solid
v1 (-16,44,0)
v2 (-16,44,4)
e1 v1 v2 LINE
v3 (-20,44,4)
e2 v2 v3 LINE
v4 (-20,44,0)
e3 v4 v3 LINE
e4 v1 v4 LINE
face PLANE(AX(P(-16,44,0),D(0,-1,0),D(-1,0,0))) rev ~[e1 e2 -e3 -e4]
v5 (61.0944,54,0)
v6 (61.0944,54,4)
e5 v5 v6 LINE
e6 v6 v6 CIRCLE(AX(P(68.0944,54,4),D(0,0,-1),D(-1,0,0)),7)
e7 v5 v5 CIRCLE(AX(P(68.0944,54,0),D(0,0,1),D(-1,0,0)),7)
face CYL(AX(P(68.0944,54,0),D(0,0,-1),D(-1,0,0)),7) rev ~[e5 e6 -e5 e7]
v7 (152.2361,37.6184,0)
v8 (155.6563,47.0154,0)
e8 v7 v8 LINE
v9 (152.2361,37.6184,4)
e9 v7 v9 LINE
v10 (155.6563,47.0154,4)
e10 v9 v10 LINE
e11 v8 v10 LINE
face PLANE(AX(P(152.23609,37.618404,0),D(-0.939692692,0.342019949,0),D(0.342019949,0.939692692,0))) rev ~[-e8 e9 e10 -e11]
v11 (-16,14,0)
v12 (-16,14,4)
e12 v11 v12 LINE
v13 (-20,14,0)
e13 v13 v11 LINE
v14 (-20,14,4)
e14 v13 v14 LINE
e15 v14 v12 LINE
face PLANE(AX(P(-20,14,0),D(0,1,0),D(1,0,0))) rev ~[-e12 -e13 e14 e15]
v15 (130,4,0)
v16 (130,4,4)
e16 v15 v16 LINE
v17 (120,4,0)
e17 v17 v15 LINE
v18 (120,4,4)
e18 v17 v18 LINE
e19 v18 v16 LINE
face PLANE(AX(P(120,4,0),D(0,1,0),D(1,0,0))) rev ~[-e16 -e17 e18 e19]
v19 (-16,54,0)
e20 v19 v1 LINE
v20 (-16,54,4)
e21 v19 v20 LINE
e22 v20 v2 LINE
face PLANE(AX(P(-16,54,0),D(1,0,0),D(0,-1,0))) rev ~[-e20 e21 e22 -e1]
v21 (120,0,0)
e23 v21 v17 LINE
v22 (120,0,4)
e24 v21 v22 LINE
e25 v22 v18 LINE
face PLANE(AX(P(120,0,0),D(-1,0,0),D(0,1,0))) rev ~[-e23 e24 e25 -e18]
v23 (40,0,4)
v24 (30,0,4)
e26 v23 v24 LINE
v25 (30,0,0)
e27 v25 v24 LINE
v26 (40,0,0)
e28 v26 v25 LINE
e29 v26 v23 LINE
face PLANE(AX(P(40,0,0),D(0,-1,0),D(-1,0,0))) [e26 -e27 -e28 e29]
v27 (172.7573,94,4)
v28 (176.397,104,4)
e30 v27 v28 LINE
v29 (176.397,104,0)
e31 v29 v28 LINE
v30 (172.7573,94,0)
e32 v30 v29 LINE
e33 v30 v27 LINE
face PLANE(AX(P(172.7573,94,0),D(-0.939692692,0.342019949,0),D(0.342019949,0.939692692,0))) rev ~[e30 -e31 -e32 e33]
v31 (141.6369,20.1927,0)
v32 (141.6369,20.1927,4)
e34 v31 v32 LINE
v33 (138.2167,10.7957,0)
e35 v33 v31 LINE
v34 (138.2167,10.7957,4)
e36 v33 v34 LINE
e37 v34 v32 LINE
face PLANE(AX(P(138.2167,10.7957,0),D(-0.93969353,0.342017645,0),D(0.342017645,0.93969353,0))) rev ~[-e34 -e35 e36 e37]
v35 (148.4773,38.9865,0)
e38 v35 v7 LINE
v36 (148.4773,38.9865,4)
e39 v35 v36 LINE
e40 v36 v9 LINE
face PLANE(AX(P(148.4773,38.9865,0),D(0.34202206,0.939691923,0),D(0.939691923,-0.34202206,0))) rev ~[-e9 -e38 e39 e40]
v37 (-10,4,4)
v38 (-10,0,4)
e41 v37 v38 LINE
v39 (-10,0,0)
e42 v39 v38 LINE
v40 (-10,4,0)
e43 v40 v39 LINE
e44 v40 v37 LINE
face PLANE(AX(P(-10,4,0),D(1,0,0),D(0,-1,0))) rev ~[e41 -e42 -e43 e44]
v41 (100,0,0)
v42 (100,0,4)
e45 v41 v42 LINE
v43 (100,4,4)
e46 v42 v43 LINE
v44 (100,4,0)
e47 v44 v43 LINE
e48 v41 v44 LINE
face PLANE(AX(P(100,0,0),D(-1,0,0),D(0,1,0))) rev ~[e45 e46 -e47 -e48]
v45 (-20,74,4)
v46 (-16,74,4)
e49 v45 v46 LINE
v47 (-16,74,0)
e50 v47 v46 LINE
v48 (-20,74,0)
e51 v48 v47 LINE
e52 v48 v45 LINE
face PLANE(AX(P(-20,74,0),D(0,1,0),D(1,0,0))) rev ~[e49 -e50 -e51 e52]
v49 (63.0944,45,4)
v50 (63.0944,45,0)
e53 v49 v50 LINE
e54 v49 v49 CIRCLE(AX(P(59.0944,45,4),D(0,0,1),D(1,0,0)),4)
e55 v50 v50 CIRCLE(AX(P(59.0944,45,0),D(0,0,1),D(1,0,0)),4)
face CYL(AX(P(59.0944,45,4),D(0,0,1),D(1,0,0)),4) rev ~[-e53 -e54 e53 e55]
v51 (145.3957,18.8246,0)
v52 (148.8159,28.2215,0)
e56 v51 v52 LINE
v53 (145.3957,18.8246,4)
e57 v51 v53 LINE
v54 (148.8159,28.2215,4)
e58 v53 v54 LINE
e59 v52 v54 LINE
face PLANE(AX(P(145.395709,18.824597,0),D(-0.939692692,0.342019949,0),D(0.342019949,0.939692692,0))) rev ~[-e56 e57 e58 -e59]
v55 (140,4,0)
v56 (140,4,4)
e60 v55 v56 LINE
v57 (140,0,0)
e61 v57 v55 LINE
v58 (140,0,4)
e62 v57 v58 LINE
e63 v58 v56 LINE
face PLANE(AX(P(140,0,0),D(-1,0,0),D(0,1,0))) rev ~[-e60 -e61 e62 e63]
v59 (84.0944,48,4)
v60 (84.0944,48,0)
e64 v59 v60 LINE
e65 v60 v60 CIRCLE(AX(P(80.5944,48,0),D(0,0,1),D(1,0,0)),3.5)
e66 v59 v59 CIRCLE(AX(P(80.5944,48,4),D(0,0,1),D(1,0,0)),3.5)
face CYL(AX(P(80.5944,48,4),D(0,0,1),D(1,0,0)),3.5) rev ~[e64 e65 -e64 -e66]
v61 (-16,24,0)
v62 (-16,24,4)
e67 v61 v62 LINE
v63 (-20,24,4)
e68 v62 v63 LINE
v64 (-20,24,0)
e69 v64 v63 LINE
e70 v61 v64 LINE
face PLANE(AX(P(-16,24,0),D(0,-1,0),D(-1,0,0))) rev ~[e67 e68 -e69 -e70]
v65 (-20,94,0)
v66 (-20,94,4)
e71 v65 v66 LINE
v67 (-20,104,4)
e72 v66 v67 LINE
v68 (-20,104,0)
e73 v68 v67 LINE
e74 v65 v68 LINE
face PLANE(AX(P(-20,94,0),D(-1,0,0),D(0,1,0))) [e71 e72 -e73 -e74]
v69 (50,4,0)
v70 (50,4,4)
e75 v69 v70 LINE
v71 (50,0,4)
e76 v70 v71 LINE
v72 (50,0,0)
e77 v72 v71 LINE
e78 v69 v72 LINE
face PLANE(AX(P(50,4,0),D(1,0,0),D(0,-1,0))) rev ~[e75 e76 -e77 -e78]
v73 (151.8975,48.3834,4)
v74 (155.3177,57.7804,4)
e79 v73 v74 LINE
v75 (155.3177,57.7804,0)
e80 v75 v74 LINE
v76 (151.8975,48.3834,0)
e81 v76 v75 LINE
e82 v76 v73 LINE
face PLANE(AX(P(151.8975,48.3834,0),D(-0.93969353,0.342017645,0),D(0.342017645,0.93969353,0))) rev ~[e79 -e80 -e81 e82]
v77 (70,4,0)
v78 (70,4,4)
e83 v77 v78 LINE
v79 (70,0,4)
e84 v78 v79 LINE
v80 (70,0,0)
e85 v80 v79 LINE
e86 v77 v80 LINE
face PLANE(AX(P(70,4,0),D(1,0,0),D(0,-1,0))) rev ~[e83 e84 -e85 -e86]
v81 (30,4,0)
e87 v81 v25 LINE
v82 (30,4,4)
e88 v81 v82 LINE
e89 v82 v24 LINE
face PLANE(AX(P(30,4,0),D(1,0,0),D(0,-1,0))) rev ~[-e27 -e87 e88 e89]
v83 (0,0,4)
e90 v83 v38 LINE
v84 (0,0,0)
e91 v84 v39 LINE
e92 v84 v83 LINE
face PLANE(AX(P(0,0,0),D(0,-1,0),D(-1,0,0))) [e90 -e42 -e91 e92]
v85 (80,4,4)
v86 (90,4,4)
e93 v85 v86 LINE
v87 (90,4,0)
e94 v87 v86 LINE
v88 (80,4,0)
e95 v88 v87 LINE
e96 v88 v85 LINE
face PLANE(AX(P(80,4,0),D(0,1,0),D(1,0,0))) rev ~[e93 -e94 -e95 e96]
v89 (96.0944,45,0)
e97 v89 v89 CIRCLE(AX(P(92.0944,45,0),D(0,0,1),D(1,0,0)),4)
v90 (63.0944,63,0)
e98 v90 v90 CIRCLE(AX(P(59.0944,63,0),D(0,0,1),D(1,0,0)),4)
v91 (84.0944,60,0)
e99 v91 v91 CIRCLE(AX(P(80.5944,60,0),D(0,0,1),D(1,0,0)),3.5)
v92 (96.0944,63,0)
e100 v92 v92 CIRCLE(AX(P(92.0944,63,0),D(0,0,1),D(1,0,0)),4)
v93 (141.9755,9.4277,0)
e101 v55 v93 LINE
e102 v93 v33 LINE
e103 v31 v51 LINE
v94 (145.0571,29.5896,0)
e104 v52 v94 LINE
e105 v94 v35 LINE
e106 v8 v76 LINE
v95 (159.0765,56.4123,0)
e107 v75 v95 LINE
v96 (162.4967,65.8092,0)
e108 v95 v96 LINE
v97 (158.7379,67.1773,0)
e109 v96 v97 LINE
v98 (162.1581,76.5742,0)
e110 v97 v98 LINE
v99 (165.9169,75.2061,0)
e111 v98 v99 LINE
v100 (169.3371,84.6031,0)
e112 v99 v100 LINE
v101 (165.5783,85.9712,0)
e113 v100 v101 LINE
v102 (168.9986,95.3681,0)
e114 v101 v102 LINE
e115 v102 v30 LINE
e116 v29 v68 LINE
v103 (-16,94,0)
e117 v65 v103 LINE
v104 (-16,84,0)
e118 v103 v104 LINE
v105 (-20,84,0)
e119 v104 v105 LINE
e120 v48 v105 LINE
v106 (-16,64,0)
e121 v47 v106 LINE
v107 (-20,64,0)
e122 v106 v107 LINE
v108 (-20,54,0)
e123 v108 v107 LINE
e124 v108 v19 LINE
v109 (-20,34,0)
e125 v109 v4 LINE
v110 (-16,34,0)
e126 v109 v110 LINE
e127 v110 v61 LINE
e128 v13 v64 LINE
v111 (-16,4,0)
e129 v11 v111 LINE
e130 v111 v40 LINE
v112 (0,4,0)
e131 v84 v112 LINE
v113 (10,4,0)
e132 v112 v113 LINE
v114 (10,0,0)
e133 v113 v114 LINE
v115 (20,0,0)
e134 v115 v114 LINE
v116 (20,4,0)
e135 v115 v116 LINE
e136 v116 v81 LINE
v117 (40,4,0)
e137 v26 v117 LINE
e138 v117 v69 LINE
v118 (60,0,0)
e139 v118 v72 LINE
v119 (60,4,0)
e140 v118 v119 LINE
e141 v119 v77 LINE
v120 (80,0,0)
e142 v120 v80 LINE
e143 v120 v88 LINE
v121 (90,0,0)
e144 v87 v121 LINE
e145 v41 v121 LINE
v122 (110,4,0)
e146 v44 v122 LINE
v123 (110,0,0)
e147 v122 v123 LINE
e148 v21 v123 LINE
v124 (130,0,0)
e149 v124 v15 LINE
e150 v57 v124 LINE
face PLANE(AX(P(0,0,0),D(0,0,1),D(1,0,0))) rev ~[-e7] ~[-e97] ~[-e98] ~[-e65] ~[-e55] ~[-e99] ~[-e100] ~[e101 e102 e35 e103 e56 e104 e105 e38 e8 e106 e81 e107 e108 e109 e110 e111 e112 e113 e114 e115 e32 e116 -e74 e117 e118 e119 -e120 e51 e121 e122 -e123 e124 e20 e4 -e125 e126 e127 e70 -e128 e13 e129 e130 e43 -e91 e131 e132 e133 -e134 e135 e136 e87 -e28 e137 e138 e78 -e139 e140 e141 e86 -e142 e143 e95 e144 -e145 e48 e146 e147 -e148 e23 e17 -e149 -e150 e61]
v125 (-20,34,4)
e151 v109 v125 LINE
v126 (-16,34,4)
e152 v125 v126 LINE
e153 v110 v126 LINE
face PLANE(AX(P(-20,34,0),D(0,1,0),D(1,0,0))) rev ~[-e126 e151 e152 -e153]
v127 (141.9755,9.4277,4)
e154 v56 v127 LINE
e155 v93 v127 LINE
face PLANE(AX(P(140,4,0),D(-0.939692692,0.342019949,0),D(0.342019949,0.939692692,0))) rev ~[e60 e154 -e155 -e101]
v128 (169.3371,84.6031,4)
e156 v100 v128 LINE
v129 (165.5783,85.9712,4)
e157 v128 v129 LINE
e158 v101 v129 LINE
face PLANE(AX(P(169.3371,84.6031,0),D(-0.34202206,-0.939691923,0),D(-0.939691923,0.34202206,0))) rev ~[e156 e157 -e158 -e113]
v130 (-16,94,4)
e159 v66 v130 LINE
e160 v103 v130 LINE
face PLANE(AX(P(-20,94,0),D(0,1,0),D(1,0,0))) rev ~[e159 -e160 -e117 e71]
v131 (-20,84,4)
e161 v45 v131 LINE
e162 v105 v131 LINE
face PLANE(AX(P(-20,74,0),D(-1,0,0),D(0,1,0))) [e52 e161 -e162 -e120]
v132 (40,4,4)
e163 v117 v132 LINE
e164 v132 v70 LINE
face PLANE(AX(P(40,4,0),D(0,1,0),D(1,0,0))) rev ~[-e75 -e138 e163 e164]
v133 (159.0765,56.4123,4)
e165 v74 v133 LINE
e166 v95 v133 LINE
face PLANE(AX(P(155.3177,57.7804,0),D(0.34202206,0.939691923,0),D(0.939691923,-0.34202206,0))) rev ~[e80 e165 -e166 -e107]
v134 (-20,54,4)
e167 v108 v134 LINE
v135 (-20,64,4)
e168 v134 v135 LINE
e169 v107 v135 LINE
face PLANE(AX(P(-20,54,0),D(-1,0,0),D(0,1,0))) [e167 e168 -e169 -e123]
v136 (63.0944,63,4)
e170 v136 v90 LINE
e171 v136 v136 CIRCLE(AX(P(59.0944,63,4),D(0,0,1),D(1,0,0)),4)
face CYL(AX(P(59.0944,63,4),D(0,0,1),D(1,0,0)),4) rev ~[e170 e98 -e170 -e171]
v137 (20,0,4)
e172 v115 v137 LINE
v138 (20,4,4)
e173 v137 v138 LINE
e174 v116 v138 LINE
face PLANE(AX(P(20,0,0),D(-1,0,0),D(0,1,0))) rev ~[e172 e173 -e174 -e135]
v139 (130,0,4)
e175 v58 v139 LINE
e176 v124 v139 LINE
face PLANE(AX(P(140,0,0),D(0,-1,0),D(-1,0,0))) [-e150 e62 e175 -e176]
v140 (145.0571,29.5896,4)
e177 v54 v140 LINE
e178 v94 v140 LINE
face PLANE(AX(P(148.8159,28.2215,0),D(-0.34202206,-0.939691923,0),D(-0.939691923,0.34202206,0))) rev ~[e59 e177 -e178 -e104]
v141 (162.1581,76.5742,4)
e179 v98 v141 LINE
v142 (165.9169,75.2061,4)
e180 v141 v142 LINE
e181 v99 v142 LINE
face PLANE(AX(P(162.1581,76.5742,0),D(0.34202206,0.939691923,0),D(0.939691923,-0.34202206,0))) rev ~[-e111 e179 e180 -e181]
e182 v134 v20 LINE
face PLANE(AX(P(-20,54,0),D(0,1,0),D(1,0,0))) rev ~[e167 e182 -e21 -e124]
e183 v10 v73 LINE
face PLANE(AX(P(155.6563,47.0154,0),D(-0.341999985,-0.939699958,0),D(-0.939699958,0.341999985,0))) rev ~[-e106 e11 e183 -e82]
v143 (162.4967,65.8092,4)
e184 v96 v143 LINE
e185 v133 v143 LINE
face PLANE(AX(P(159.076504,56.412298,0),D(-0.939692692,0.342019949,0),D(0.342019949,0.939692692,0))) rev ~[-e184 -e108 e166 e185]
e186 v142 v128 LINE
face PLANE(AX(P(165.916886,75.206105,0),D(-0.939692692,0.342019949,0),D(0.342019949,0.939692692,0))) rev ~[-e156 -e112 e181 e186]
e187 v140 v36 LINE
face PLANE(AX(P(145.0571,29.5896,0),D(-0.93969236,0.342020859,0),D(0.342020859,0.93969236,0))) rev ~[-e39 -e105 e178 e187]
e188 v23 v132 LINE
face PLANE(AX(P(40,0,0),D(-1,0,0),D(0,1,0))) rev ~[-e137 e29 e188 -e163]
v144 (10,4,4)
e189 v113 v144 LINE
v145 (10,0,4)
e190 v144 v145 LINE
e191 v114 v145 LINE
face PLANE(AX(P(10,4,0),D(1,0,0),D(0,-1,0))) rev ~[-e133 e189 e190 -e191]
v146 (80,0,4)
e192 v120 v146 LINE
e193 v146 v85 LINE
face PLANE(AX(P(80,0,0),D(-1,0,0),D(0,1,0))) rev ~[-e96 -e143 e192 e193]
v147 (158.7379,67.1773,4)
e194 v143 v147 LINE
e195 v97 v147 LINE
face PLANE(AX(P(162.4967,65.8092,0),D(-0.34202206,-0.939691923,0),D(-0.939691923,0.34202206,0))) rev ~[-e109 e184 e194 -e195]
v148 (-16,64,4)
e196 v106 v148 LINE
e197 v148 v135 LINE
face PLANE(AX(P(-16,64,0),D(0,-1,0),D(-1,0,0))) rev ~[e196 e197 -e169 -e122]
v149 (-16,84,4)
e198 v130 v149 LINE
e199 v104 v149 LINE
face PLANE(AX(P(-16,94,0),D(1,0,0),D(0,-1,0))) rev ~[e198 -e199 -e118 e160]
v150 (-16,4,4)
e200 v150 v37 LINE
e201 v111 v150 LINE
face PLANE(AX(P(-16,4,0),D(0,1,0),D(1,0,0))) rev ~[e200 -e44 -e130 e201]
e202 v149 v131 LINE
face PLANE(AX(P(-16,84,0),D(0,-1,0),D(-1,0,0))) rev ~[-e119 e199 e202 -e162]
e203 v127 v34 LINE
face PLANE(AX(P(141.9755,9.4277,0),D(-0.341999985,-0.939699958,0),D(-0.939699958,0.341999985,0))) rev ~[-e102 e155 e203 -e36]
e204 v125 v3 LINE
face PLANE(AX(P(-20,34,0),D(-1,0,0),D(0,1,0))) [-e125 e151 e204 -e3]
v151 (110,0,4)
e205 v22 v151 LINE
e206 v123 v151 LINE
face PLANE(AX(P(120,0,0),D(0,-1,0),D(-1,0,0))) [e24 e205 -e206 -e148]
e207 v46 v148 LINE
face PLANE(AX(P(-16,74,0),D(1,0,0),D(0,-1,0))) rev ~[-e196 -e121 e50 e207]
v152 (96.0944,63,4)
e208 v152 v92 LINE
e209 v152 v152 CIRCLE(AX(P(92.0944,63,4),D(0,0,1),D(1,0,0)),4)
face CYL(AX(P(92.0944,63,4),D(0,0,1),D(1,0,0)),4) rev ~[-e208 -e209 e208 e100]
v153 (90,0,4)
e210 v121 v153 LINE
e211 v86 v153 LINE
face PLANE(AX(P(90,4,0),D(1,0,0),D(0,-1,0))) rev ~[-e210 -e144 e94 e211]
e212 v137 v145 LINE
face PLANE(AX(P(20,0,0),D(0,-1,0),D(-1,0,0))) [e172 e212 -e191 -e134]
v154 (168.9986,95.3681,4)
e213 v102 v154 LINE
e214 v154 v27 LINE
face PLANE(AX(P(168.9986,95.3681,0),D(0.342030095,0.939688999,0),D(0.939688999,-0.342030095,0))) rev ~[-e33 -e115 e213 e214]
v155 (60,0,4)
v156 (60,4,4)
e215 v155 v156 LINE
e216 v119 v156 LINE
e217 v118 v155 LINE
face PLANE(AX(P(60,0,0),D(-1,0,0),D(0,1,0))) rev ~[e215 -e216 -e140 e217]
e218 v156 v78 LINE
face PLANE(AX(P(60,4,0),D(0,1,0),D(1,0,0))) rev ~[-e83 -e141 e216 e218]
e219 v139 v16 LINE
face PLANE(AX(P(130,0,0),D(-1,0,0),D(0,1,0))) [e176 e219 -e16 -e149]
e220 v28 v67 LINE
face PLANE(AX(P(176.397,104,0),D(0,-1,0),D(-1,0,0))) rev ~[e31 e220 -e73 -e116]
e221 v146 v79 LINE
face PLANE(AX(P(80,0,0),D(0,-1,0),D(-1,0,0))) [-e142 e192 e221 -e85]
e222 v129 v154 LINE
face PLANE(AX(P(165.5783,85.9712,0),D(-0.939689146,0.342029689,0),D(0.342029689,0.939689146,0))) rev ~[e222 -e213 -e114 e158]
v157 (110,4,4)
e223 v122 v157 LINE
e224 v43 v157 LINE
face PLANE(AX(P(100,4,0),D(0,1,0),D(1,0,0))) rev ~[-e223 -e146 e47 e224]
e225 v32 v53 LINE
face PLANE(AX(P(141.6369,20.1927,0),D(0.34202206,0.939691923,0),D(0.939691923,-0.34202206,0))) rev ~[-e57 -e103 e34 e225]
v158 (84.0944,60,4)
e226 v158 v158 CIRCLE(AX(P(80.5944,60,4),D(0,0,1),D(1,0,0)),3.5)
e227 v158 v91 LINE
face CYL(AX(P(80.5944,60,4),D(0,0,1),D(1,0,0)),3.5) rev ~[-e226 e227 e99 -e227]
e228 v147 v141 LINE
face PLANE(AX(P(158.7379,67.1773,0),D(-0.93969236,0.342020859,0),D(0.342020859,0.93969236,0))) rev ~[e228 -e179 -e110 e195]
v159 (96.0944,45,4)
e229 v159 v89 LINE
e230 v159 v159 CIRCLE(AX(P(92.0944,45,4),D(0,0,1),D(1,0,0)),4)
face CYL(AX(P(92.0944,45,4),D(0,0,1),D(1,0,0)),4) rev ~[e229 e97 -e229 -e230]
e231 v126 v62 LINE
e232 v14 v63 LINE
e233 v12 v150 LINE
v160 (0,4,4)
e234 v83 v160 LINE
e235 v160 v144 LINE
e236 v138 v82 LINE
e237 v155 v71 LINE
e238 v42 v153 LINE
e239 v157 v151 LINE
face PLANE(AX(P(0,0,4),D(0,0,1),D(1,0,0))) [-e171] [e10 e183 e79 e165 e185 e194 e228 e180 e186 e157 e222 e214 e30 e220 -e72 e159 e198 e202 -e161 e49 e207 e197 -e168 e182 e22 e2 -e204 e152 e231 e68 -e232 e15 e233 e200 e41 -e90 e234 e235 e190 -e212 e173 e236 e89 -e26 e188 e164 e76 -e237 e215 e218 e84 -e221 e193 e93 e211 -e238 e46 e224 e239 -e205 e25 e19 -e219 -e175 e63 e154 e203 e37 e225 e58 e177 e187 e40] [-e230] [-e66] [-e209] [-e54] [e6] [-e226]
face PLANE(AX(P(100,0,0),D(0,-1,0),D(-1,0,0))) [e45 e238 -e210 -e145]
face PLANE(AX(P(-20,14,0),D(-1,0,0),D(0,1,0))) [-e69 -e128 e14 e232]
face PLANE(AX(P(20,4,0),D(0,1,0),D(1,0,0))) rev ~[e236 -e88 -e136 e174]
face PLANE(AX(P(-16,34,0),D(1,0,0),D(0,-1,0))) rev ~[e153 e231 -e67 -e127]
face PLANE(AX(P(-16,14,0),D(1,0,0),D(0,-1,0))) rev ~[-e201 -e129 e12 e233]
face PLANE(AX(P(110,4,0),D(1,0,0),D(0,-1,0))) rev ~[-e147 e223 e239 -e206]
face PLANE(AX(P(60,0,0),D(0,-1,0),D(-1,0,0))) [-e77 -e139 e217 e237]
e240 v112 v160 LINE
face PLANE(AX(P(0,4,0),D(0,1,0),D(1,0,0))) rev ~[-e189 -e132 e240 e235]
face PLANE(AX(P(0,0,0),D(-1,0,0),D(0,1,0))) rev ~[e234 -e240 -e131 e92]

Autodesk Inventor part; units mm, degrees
ref_plane "YZ Plane" through (0, 0, 0) normal (1, 0, 0) x (0, 1, 0)
ref_plane "XZ Plane" through (0, 0, 0) normal (0, 1, 0) x (-1, 0, 0)
ref_plane "XY Plane" through (0, 0, 0) normal (0, 0, 1) x (1, 0, 0)
sketch "Эскиз1" plane through (0, 0, 0) normal (0, 0, 1) x (1, 0, 0)
  line L0 (130, 0) -> (130, 4) projected
  line L1 (140, 4) -> (130, 4) projected
  line L2 (140, 0) -> (140, 4) projected
  line L3 (140, 0) -> (130, 0) projected
  line L4 (120, 0) -> (120, 4) projected
  line L5 (120, 4) -> (110, 4) projected
  line L6 (110, 4) -> (110, 0) projected
  line L7 (120, 0) -> (110, 0) projected
  line L8 (90, 4) -> (90, 0) projected
  line L9 (100, 0) -> (90, 0) projected
  line L10 (100, 0) -> (100, 4) projected
  line L11 (100, 4) -> (90, 4) projected
  line L12 (80, 0) -> (80, 4) projected
  line L13 (80, 4) -> (70, 4) projected
  line L14 (70, 4) -> (70, 0) projected
  line L15 (80, 0) -> (70, 0) projected
  line L16 (50, 4) -> (50, 0) projected
  line L17 (60, 0) -> (50, 0) projected
  line L18 (60, 0) -> (60, 4) projected
  line L19 (60, 4) -> (50, 4) projected
  line L20 (40, 0) -> (40, 4) projected
  line L21 (40, 4) -> (30, 4) projected
  line L22 (30, 4) -> (30, 0) projected
  line L23 (40, 0) -> (30, 0) projected
  line L24 (10, 4) -> (10, 0) projected
  line L25 (20, 0) -> (10, 0) projected
  line L26 (20, 0) -> (20, 4) projected
  line L27 (20, 4) -> (10, 4) projected
  line L28 (0, 0) -> (0, 4) projected
  line L29 (0, 4) -> (-10, 4) projected
  line L30 (-10, 4) -> (-10, 0) projected
  line L31 (0, 0) -> (-10, 0) projected
  line L32 (-20, 4) -> (-10, 4) projected
  line L33 (-20, 4) -> (140, 4)
  line L34 (-20, 4) -> (-20, 104)
  line L35 (140, 4) -> (176.397, 104)
  line L36 (140, 4) -> (246.4178, 4) construction
  line L37 (176.397, 104) -> (-20, 104)
  line L38 (-20, 94) -> (-16, 94)
  line L39 (-16, 94) -> (-16, 84)
  line L40 (-16, 84) -> (-20, 84)
  line L41 (-20, 84) -> (-20, 94)
  line L42 (-16, 74) -> (-16, 64)
  line L43 (-20, 64) -> (-20, 74)
  line L44 (-20, 74) -> (-16, 74)
  line L45 (-16, 64) -> (-20, 64)
  line L46 (-16, 54) -> (-16, 44)
  line L47 (-20, 44) -> (-20, 54)
  line L48 (-20, 54) -> (-16, 54)
  line L49 (-16, 44) -> (-20, 44)
  line L50 (-16, 34) -> (-16, 24)
  line L51 (-20, 24) -> (-20, 34)
  line L52 (-20, 34) -> (-16, 34)
  line L53 (-16, 24) -> (-20, 24)
  line L54 (-16, 14) -> (-16, 4)
  line L55 (-20, 4) -> (-20, 14)
  line L56 (-20, 14) -> (-16, 14)
  line L57 (-16, 4) -> (-20, 4)
  line L58 (172.7573, 94) -> (169.3371, 84.6031)
  line L59 (169.3371, 84.6031) -> (165.5783, 85.9712)
  line L60 (165.5783, 85.9712) -> (168.9986, 95.3681)
  line L61 (168.9986, 95.3681) -> (172.7573, 94)
  line L62 (158.7379, 67.1773) -> (162.1581, 76.5742)
  line L63 (165.9169, 75.2061) -> (162.4967, 65.8092)
  line L64 (162.1581, 76.5742) -> (165.9169, 75.2061)
  line L65 (162.4967, 65.8092) -> (158.7379, 67.1773)
  line L66 (151.8975, 48.3834) -> (155.3177, 57.7804)
  line L67 (159.0765, 56.4123) -> (155.6563, 47.0154)
  line L68 (155.3177, 57.7804) -> (159.0765, 56.4123)
  line L69 (155.6563, 47.0154) -> (151.8975, 48.3834)
  line L70 (145.0571, 29.5896) -> (148.4773, 38.9865)
  line L71 (152.2361, 37.6184) -> (148.8159, 28.2215)
  line L72 (148.4773, 38.9865) -> (152.2361, 37.6184)
  line L73 (148.8159, 28.2215) -> (145.0571, 29.5896)
  line L74 (138.2167, 10.7957) -> (141.6369, 20.1927)
  line L75 (145.3957, 18.8246) -> (141.9755, 9.4277)
  line L76 (141.6369, 20.1927) -> (145.3957, 18.8246)
  line L77 (141.9755, 9.4277) -> (138.2167, 10.7957)
  dimension "d0" = 100
  dimension "d1" = 70
  dimension "d2" = 4
  dimension "d3" = 10
  dimension "d4" = 10
  dimension "d7" = 20
  dimension "d12" = 10
  dimension "d13" = 4
  dimension "d14" = 10
  dimension "d17" = 20
extrude "Выдавливание1" add sketch "Эскиз1" along normal blind 4 contours L0 L1 L2 L3 | L33 L5 L11 L13 L19 L21 L27 L29 L32 L54 L56 L34 L53 L50 L52 L49 L46 L48 L45 L42 L44 L40 L39 L38 L37 L35 L61 L60 L59 L64 L62 L65 L68 L66 L69 L72 L70 L73 L76 L74 L77 L1 | L4 L7 L6 L5 | L10 L9 L8 L11 | L12 L15 L14 L13 | L18 L17 L16 L19 | L20 L23 L22 L21 | L26 L25 L24 L27 | L28 L31 L30 L29
sketch "Эскиз2" plane through (0, 0, 0) normal (0, 0, -1) x (-1, 0, 0)
  line L0 (-172.7573, 94) -> (-176.397, 104) projected
  line L1 (16, 4) -> (-176.397, 104) construction
  line L2 (-176.397, 104) -> (-140, 0)
  line L3 (-140, 0) -> (20, 104) construction
  line L4 (-68.0944, 4) -> (-68.0944, 104) construction
  line L5 (-176.397, 104) -> (20, 104) projected
  circle A0 centre (-68.0944, 54) radius 7
  line L6 (-60, 4) -> (-70, 4) projected
  point P0 (0, 0)
  dimension "d24" = 100
  dimension "d25" = 14
  dimension "d26" = 50
extrude "Выдавливание2" cut sketch "Эскиз2" against normal blind 10
sketch "Эскиз3" plane through (0, 0, 4) normal (0, 0, 1) x (1, 0, 0)
  circle A0 centre (68.0944, 54) radius 7 projected
  circle A1 centre (68.0944, 54) radius 6.25
  circle A2 centre (59.0944, 63) radius 4
  circle A3 centre (59.0944, 45) radius 4
  circle A4 centre (92.0944, 63) radius 3.5
  circle A5 centre (92.0944, 63) radius 4
  circle A6 centre (92.0944, 45) radius 4
  circle A7 centre (80.5944, 48) radius 3.5
  circle A8 centre (80.5944, 60) radius 3.5
  circle A9 centre (68.0944, 54) radius 6.75
  point P0 (0, 0)
extrude "Выдавливание3" cut sketch "Эскиз3" against normal blind 10 contours A0 | A1 | A2 | A3 | A4 | A5 | A6 | A7 | A8 | A9
properties part number "боковушка"
